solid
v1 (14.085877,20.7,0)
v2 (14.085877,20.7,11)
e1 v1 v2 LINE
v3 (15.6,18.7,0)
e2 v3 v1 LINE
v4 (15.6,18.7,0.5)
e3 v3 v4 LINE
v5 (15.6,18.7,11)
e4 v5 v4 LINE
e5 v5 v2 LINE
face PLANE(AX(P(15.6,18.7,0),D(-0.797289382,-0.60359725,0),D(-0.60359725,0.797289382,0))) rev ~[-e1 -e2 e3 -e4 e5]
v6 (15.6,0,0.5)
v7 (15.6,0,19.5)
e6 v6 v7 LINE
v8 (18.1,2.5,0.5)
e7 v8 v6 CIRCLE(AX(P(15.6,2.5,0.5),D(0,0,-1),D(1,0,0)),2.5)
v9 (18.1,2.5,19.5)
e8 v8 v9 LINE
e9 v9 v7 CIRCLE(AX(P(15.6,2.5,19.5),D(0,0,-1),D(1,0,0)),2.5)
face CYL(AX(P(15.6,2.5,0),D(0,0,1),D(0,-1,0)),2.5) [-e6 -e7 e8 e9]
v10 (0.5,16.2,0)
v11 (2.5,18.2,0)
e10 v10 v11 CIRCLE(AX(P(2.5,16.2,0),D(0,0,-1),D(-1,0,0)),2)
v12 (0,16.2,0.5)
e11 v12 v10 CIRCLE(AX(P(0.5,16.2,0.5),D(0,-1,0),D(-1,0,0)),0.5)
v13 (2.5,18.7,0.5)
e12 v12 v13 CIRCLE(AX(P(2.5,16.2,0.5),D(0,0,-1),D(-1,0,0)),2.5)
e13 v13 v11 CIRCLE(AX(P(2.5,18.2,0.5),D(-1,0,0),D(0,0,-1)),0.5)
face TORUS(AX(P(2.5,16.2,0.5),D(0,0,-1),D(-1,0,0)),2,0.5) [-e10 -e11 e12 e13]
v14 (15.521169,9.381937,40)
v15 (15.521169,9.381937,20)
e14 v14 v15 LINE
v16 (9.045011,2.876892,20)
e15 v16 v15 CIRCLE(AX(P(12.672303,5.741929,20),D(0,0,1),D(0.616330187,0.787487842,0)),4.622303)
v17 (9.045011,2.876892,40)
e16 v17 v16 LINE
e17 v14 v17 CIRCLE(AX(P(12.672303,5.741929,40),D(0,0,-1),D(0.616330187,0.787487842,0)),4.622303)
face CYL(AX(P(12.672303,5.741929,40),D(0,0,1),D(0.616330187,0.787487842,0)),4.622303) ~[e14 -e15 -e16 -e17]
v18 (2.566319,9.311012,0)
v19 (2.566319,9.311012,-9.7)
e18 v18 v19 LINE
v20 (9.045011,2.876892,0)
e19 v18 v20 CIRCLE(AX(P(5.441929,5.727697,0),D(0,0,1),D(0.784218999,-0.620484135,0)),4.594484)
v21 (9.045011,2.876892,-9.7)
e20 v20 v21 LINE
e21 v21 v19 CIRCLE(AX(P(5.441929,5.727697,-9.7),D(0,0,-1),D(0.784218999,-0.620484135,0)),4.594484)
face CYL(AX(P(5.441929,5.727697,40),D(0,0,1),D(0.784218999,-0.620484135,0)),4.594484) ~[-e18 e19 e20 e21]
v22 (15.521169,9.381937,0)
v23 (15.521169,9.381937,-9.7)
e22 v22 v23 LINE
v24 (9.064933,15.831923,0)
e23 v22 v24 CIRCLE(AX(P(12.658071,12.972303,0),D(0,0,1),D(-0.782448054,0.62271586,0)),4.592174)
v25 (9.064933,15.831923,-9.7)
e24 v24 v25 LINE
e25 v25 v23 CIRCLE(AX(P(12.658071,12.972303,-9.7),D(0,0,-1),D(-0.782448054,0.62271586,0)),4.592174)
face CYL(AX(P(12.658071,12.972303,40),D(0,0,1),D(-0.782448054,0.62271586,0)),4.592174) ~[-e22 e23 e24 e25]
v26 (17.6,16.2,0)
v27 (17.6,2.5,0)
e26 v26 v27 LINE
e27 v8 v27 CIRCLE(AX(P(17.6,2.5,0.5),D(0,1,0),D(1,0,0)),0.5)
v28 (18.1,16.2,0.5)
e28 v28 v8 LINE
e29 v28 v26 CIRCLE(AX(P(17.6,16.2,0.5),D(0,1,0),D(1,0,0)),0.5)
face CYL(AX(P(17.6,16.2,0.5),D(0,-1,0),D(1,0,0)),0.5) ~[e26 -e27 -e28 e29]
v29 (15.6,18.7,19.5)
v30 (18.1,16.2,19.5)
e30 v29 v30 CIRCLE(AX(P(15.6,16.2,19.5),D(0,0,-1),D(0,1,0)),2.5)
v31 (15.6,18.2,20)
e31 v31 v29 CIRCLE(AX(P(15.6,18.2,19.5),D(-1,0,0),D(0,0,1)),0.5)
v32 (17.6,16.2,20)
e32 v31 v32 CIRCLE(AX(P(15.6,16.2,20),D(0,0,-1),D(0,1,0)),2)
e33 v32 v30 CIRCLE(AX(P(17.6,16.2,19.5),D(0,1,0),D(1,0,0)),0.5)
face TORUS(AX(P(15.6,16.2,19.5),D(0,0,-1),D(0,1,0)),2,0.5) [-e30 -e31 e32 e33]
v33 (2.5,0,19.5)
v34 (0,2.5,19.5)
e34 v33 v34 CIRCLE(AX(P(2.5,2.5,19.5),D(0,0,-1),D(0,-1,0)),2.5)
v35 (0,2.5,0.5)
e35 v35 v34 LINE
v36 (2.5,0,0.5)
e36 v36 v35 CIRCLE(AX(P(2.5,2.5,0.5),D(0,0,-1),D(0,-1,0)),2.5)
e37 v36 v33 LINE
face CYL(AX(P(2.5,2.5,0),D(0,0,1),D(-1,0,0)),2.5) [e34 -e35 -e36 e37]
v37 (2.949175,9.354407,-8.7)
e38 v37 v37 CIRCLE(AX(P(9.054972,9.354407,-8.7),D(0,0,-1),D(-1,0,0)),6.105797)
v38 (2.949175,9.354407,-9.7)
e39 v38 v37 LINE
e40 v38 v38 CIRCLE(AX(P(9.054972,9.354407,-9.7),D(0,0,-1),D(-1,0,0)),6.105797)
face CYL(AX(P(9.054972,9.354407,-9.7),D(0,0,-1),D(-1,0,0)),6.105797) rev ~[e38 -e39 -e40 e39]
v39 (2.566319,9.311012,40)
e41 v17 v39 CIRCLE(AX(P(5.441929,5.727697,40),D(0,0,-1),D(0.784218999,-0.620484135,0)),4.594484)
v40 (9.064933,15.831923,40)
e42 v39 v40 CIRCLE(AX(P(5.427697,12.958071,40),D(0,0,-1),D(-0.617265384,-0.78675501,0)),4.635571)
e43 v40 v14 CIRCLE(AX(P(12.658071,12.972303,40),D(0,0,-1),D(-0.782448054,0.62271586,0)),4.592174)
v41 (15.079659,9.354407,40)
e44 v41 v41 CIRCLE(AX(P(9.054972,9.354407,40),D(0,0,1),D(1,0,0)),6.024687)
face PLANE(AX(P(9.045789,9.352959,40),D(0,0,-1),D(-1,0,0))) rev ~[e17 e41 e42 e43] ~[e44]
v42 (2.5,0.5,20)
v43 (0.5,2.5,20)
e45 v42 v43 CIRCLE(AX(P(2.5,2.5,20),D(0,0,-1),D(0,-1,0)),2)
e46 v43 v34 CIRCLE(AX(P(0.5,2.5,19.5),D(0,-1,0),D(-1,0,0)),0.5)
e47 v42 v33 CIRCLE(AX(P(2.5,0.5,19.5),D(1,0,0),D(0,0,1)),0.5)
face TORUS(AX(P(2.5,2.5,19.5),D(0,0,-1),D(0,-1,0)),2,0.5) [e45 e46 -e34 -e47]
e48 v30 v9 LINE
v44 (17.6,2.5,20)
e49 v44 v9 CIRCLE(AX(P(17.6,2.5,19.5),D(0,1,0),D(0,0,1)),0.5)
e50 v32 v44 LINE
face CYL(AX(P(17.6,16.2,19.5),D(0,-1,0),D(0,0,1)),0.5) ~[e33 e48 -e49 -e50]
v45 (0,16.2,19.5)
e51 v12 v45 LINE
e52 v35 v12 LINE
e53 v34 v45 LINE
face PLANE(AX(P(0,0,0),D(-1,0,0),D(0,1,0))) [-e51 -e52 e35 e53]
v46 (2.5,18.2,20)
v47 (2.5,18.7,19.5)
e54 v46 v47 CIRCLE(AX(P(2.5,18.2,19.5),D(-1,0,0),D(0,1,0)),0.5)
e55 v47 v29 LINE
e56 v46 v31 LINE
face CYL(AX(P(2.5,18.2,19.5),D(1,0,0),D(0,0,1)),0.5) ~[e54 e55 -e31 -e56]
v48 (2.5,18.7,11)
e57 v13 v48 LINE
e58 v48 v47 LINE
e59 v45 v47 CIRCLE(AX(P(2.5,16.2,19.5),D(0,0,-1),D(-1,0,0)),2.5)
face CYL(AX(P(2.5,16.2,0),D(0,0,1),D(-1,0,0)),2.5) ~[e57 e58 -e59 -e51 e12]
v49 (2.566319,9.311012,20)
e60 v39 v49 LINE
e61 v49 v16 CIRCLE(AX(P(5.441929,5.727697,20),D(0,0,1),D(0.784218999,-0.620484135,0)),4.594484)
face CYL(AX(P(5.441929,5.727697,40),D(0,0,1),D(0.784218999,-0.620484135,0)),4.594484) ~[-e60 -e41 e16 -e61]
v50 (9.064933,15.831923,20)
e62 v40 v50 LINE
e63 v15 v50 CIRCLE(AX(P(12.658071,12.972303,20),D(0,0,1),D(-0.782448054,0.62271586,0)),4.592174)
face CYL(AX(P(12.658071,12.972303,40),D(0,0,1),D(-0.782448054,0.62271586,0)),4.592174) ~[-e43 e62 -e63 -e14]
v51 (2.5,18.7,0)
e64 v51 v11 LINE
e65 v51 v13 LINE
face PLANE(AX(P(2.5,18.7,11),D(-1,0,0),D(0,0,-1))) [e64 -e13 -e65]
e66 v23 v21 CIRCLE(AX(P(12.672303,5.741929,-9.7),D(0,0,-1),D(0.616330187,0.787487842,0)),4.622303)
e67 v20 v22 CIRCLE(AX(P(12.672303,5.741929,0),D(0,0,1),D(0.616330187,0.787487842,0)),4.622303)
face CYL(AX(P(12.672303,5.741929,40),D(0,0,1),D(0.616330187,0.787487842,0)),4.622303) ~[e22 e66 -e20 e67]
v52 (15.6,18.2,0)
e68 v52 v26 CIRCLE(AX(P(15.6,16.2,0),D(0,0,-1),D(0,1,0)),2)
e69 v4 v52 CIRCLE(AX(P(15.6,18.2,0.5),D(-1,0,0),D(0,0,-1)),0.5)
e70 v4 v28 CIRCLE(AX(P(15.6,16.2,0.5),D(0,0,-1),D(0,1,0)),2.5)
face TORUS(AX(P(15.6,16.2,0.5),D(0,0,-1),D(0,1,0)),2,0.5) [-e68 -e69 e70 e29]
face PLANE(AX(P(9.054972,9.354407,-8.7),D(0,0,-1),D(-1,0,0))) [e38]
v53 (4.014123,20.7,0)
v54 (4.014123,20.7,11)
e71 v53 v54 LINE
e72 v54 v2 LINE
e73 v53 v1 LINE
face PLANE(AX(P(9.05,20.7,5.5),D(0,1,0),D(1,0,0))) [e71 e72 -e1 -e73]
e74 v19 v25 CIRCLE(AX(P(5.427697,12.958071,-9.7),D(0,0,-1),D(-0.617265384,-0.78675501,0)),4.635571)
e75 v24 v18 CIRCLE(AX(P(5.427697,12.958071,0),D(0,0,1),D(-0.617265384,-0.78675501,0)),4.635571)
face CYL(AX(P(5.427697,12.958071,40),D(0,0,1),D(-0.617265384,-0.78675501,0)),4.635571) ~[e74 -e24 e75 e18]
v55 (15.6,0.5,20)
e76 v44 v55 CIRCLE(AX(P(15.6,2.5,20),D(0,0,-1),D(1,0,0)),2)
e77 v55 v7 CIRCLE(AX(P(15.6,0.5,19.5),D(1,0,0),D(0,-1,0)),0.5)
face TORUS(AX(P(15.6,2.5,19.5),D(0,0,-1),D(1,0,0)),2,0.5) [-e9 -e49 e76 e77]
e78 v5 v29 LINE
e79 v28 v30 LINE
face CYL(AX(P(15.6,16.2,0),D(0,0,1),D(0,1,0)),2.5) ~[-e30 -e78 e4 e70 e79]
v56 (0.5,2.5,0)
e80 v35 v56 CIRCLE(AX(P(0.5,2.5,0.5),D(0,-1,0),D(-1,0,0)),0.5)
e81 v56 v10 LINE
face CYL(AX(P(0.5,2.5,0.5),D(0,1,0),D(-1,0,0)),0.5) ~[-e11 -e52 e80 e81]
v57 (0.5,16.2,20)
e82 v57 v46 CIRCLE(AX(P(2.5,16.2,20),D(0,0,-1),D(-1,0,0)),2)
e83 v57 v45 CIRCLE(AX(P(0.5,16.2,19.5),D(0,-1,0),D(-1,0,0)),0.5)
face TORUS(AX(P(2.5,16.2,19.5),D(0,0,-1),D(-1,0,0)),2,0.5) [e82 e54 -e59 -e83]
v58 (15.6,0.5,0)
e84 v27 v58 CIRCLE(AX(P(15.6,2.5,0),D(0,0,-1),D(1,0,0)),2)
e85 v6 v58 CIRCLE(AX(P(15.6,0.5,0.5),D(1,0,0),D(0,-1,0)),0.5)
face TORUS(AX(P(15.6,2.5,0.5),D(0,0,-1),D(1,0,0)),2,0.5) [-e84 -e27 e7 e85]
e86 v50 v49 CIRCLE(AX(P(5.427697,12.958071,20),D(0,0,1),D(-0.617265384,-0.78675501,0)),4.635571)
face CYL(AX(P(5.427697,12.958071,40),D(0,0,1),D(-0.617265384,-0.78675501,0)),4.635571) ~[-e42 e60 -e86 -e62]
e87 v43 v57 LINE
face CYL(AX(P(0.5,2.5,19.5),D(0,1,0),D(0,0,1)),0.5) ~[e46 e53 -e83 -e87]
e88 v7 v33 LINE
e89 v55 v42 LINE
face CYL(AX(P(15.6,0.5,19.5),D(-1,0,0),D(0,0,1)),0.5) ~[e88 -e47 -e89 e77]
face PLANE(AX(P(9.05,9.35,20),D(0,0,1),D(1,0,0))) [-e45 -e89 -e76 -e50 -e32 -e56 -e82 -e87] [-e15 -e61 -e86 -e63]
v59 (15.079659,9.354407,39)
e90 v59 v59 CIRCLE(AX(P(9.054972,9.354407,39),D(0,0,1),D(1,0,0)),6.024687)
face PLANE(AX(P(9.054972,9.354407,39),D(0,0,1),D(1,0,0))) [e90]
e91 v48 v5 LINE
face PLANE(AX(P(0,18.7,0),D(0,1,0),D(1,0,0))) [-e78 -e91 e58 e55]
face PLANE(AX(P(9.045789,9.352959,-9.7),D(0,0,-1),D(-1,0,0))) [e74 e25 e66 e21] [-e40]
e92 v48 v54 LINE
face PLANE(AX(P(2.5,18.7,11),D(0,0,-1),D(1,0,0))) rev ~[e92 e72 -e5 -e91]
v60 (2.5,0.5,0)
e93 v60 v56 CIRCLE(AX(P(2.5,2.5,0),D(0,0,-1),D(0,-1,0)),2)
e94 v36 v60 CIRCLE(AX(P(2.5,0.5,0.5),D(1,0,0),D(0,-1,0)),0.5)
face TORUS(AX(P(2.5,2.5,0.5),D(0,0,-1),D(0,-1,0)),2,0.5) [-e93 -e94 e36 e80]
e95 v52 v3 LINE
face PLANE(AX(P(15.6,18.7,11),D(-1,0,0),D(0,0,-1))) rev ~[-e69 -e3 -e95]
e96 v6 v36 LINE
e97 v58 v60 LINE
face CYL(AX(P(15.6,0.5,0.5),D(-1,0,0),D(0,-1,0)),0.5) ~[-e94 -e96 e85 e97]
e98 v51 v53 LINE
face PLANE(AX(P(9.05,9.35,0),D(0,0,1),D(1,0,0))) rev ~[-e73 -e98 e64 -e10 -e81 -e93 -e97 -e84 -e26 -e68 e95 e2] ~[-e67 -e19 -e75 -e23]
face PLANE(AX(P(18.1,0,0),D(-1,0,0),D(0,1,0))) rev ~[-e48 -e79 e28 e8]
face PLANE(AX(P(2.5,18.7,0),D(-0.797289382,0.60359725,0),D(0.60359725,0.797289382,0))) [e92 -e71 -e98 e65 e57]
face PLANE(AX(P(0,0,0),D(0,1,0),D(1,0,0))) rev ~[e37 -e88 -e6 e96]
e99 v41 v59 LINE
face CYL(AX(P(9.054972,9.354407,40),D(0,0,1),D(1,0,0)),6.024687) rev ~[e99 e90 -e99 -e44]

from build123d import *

# Parameters (mm, degrees)
SKETCH_1_W           = 18.1
SKETCH_1_H           = 18.7
EXTRUDE_1_DEPTH      = 20
SKETCH_2_W           = 13.1
SKETCH_2_H           = 11
EXTRUDE_2_DEPTH      = 2
EXTRUDE_3_DEPTH      = 9.7
EXTRUDE_3_DEPTH_BACK = 40
FILLET_1_R           = 2.5
FILLET_2_R           = 0.5
CUT_EXTRUDE_1_DEPTH  = 49.539674531
SKETCH_5_R           = 6.105797263
CUT_EXTRUDE_2_DEPTH  = 1
SKETCH_6_R           = 6.02468661
CUT_EXTRUDE_3_DEPTH  = 1


with BuildPart() as part:
    # ｽｹｯﾁ1 → ﾎﾞｽ - 押し出し1 (new body)
    with BuildSketch(Plane.XY):
        with Locations((9.05, 9.35)):
            Rectangle(SKETCH_1_W, SKETCH_1_H)
    extrude(amount=EXTRUDE_1_DEPTH)

    # ｽｹｯﾁ2 → ﾎﾞｽ - 押し出し2 (add)
    with BuildSketch(Plane(origin=(0, 18.7, 0), x_dir=(1, 0, 0), z_dir=(0, 1, 0))):
        with Locations((9.05, -5.5)):
            Rectangle(SKETCH_2_W, SKETCH_2_H)
    extrude(amount=EXTRUDE_2_DEPTH)

    # ｽｹｯﾁ3 → ﾎﾞｽ - 押し出し3 (add, two sides: drawn at the far end of the back side and taken through both)
    with BuildSketch(Plane(origin=(0, 0, 0), x_dir=(-1, 0, 0), z_dir=(0, 0, -1)).offset(-EXTRUDE_3_DEPTH_BACK)):
        with BuildLine():
            ThreePointArc((-2.566319039, 9.311012343), (-2.144244303, 16.230296479), (-9.064933475, 15.831923002))
            ThreePointArc((-9.064933475, 15.831923002), (-15.903655717, 16.221032622), (-15.521168651, 9.381936787))
            ThreePointArc((-15.521168651, 9.381936787), (-15.948030787, 2.480748206), (-9.045010779, 2.876891972))
            ThreePointArc((-9.045010779, 2.876891972), (-2.204371262, 2.467711109), (-2.566319039, 9.311012343))
        make_face()
    extrude(amount=EXTRUDE_3_DEPTH + EXTRUDE_3_DEPTH_BACK)

    # ﾌｨﾚｯﾄ1
    fillet_1_edges = [part.edges().sort_by_distance(p)[0] for p in [
        (0, 0, 10),
        (18.1, 0, 10),
        (18.1, 18.7, 10),
        (0, 18.7, 10),
    ]]
    fillet(fillet_1_edges, radius=FILLET_1_R)

    # ﾌｨﾚｯﾄ2
    fillet_2_edges = [part.edges().sort_by_distance(p)[0] for p in [
        (0.732233047, 17.967766953, 20),
        (9.05, 18.7, 20),
        (17.367766953, 17.967766953, 20),
        (18.1, 9.35, 20),
        (17.367766953, 0.732233047, 20),
        (9.05, 0, 20),
        (0.732233047, 0.732233047, 20),
        (17.367766953, 17.967766953, 0),
        (18.1, 9.35, 0),
        (17.367766953, 0.732233047, 0),
        (9.05, 0, 0),
        (0.732233047, 0.732233047, 0),
        (0, 9.35, 0),
        (0, 9.35, 20),
        (0.732233047, 17.967766953, 0),
    ]]
    fillet(fillet_2_edges, radius=FILLET_2_R)

    # ｽｹｯﾁ4 → ｶｯﾄ - 押し出し1 (cut, through all)
    with BuildSketch(Plane(origin=(0, 0, 0), x_dir=(-1, 0, 0), z_dir=(0, 0, -1))):
        Polygon((-15.6, 18.7), (-14.085876612, 20.7), (-15.6, 20.7), align=None)
        Polygon((-2.5, 20.7), (-2.5, 18.7), (-4.014123388, 20.7), align=None)
    extrude(amount=-CUT_EXTRUDE_1_DEPTH, mode=Mode.SUBTRACT)

    # ｽｹｯﾁ5 → ｶｯﾄ - 押し出し2 (cut)
    with BuildSketch(Plane(origin=(0, 0, -9.7), x_dir=(-1, 0, 0), z_dir=(0, 0, -1))):
        with Locations((-9.054972127, 9.354407487)):
            Circle(SKETCH_5_R)
    extrude(amount=-CUT_EXTRUDE_2_DEPTH, mode=Mode.SUBTRACT)

    # ｽｹｯﾁ6 → ｶｯﾄ - 押し出し3 (cut)
    with BuildSketch(Plane.XY.offset(40)):
        with Locations((9.054972127, 9.354407487)):
            Circle(SKETCH_6_R)
    extrude(amount=-CUT_EXTRUDE_3_DEPTH, mode=Mode.SUBTRACT)


solid = part.part
